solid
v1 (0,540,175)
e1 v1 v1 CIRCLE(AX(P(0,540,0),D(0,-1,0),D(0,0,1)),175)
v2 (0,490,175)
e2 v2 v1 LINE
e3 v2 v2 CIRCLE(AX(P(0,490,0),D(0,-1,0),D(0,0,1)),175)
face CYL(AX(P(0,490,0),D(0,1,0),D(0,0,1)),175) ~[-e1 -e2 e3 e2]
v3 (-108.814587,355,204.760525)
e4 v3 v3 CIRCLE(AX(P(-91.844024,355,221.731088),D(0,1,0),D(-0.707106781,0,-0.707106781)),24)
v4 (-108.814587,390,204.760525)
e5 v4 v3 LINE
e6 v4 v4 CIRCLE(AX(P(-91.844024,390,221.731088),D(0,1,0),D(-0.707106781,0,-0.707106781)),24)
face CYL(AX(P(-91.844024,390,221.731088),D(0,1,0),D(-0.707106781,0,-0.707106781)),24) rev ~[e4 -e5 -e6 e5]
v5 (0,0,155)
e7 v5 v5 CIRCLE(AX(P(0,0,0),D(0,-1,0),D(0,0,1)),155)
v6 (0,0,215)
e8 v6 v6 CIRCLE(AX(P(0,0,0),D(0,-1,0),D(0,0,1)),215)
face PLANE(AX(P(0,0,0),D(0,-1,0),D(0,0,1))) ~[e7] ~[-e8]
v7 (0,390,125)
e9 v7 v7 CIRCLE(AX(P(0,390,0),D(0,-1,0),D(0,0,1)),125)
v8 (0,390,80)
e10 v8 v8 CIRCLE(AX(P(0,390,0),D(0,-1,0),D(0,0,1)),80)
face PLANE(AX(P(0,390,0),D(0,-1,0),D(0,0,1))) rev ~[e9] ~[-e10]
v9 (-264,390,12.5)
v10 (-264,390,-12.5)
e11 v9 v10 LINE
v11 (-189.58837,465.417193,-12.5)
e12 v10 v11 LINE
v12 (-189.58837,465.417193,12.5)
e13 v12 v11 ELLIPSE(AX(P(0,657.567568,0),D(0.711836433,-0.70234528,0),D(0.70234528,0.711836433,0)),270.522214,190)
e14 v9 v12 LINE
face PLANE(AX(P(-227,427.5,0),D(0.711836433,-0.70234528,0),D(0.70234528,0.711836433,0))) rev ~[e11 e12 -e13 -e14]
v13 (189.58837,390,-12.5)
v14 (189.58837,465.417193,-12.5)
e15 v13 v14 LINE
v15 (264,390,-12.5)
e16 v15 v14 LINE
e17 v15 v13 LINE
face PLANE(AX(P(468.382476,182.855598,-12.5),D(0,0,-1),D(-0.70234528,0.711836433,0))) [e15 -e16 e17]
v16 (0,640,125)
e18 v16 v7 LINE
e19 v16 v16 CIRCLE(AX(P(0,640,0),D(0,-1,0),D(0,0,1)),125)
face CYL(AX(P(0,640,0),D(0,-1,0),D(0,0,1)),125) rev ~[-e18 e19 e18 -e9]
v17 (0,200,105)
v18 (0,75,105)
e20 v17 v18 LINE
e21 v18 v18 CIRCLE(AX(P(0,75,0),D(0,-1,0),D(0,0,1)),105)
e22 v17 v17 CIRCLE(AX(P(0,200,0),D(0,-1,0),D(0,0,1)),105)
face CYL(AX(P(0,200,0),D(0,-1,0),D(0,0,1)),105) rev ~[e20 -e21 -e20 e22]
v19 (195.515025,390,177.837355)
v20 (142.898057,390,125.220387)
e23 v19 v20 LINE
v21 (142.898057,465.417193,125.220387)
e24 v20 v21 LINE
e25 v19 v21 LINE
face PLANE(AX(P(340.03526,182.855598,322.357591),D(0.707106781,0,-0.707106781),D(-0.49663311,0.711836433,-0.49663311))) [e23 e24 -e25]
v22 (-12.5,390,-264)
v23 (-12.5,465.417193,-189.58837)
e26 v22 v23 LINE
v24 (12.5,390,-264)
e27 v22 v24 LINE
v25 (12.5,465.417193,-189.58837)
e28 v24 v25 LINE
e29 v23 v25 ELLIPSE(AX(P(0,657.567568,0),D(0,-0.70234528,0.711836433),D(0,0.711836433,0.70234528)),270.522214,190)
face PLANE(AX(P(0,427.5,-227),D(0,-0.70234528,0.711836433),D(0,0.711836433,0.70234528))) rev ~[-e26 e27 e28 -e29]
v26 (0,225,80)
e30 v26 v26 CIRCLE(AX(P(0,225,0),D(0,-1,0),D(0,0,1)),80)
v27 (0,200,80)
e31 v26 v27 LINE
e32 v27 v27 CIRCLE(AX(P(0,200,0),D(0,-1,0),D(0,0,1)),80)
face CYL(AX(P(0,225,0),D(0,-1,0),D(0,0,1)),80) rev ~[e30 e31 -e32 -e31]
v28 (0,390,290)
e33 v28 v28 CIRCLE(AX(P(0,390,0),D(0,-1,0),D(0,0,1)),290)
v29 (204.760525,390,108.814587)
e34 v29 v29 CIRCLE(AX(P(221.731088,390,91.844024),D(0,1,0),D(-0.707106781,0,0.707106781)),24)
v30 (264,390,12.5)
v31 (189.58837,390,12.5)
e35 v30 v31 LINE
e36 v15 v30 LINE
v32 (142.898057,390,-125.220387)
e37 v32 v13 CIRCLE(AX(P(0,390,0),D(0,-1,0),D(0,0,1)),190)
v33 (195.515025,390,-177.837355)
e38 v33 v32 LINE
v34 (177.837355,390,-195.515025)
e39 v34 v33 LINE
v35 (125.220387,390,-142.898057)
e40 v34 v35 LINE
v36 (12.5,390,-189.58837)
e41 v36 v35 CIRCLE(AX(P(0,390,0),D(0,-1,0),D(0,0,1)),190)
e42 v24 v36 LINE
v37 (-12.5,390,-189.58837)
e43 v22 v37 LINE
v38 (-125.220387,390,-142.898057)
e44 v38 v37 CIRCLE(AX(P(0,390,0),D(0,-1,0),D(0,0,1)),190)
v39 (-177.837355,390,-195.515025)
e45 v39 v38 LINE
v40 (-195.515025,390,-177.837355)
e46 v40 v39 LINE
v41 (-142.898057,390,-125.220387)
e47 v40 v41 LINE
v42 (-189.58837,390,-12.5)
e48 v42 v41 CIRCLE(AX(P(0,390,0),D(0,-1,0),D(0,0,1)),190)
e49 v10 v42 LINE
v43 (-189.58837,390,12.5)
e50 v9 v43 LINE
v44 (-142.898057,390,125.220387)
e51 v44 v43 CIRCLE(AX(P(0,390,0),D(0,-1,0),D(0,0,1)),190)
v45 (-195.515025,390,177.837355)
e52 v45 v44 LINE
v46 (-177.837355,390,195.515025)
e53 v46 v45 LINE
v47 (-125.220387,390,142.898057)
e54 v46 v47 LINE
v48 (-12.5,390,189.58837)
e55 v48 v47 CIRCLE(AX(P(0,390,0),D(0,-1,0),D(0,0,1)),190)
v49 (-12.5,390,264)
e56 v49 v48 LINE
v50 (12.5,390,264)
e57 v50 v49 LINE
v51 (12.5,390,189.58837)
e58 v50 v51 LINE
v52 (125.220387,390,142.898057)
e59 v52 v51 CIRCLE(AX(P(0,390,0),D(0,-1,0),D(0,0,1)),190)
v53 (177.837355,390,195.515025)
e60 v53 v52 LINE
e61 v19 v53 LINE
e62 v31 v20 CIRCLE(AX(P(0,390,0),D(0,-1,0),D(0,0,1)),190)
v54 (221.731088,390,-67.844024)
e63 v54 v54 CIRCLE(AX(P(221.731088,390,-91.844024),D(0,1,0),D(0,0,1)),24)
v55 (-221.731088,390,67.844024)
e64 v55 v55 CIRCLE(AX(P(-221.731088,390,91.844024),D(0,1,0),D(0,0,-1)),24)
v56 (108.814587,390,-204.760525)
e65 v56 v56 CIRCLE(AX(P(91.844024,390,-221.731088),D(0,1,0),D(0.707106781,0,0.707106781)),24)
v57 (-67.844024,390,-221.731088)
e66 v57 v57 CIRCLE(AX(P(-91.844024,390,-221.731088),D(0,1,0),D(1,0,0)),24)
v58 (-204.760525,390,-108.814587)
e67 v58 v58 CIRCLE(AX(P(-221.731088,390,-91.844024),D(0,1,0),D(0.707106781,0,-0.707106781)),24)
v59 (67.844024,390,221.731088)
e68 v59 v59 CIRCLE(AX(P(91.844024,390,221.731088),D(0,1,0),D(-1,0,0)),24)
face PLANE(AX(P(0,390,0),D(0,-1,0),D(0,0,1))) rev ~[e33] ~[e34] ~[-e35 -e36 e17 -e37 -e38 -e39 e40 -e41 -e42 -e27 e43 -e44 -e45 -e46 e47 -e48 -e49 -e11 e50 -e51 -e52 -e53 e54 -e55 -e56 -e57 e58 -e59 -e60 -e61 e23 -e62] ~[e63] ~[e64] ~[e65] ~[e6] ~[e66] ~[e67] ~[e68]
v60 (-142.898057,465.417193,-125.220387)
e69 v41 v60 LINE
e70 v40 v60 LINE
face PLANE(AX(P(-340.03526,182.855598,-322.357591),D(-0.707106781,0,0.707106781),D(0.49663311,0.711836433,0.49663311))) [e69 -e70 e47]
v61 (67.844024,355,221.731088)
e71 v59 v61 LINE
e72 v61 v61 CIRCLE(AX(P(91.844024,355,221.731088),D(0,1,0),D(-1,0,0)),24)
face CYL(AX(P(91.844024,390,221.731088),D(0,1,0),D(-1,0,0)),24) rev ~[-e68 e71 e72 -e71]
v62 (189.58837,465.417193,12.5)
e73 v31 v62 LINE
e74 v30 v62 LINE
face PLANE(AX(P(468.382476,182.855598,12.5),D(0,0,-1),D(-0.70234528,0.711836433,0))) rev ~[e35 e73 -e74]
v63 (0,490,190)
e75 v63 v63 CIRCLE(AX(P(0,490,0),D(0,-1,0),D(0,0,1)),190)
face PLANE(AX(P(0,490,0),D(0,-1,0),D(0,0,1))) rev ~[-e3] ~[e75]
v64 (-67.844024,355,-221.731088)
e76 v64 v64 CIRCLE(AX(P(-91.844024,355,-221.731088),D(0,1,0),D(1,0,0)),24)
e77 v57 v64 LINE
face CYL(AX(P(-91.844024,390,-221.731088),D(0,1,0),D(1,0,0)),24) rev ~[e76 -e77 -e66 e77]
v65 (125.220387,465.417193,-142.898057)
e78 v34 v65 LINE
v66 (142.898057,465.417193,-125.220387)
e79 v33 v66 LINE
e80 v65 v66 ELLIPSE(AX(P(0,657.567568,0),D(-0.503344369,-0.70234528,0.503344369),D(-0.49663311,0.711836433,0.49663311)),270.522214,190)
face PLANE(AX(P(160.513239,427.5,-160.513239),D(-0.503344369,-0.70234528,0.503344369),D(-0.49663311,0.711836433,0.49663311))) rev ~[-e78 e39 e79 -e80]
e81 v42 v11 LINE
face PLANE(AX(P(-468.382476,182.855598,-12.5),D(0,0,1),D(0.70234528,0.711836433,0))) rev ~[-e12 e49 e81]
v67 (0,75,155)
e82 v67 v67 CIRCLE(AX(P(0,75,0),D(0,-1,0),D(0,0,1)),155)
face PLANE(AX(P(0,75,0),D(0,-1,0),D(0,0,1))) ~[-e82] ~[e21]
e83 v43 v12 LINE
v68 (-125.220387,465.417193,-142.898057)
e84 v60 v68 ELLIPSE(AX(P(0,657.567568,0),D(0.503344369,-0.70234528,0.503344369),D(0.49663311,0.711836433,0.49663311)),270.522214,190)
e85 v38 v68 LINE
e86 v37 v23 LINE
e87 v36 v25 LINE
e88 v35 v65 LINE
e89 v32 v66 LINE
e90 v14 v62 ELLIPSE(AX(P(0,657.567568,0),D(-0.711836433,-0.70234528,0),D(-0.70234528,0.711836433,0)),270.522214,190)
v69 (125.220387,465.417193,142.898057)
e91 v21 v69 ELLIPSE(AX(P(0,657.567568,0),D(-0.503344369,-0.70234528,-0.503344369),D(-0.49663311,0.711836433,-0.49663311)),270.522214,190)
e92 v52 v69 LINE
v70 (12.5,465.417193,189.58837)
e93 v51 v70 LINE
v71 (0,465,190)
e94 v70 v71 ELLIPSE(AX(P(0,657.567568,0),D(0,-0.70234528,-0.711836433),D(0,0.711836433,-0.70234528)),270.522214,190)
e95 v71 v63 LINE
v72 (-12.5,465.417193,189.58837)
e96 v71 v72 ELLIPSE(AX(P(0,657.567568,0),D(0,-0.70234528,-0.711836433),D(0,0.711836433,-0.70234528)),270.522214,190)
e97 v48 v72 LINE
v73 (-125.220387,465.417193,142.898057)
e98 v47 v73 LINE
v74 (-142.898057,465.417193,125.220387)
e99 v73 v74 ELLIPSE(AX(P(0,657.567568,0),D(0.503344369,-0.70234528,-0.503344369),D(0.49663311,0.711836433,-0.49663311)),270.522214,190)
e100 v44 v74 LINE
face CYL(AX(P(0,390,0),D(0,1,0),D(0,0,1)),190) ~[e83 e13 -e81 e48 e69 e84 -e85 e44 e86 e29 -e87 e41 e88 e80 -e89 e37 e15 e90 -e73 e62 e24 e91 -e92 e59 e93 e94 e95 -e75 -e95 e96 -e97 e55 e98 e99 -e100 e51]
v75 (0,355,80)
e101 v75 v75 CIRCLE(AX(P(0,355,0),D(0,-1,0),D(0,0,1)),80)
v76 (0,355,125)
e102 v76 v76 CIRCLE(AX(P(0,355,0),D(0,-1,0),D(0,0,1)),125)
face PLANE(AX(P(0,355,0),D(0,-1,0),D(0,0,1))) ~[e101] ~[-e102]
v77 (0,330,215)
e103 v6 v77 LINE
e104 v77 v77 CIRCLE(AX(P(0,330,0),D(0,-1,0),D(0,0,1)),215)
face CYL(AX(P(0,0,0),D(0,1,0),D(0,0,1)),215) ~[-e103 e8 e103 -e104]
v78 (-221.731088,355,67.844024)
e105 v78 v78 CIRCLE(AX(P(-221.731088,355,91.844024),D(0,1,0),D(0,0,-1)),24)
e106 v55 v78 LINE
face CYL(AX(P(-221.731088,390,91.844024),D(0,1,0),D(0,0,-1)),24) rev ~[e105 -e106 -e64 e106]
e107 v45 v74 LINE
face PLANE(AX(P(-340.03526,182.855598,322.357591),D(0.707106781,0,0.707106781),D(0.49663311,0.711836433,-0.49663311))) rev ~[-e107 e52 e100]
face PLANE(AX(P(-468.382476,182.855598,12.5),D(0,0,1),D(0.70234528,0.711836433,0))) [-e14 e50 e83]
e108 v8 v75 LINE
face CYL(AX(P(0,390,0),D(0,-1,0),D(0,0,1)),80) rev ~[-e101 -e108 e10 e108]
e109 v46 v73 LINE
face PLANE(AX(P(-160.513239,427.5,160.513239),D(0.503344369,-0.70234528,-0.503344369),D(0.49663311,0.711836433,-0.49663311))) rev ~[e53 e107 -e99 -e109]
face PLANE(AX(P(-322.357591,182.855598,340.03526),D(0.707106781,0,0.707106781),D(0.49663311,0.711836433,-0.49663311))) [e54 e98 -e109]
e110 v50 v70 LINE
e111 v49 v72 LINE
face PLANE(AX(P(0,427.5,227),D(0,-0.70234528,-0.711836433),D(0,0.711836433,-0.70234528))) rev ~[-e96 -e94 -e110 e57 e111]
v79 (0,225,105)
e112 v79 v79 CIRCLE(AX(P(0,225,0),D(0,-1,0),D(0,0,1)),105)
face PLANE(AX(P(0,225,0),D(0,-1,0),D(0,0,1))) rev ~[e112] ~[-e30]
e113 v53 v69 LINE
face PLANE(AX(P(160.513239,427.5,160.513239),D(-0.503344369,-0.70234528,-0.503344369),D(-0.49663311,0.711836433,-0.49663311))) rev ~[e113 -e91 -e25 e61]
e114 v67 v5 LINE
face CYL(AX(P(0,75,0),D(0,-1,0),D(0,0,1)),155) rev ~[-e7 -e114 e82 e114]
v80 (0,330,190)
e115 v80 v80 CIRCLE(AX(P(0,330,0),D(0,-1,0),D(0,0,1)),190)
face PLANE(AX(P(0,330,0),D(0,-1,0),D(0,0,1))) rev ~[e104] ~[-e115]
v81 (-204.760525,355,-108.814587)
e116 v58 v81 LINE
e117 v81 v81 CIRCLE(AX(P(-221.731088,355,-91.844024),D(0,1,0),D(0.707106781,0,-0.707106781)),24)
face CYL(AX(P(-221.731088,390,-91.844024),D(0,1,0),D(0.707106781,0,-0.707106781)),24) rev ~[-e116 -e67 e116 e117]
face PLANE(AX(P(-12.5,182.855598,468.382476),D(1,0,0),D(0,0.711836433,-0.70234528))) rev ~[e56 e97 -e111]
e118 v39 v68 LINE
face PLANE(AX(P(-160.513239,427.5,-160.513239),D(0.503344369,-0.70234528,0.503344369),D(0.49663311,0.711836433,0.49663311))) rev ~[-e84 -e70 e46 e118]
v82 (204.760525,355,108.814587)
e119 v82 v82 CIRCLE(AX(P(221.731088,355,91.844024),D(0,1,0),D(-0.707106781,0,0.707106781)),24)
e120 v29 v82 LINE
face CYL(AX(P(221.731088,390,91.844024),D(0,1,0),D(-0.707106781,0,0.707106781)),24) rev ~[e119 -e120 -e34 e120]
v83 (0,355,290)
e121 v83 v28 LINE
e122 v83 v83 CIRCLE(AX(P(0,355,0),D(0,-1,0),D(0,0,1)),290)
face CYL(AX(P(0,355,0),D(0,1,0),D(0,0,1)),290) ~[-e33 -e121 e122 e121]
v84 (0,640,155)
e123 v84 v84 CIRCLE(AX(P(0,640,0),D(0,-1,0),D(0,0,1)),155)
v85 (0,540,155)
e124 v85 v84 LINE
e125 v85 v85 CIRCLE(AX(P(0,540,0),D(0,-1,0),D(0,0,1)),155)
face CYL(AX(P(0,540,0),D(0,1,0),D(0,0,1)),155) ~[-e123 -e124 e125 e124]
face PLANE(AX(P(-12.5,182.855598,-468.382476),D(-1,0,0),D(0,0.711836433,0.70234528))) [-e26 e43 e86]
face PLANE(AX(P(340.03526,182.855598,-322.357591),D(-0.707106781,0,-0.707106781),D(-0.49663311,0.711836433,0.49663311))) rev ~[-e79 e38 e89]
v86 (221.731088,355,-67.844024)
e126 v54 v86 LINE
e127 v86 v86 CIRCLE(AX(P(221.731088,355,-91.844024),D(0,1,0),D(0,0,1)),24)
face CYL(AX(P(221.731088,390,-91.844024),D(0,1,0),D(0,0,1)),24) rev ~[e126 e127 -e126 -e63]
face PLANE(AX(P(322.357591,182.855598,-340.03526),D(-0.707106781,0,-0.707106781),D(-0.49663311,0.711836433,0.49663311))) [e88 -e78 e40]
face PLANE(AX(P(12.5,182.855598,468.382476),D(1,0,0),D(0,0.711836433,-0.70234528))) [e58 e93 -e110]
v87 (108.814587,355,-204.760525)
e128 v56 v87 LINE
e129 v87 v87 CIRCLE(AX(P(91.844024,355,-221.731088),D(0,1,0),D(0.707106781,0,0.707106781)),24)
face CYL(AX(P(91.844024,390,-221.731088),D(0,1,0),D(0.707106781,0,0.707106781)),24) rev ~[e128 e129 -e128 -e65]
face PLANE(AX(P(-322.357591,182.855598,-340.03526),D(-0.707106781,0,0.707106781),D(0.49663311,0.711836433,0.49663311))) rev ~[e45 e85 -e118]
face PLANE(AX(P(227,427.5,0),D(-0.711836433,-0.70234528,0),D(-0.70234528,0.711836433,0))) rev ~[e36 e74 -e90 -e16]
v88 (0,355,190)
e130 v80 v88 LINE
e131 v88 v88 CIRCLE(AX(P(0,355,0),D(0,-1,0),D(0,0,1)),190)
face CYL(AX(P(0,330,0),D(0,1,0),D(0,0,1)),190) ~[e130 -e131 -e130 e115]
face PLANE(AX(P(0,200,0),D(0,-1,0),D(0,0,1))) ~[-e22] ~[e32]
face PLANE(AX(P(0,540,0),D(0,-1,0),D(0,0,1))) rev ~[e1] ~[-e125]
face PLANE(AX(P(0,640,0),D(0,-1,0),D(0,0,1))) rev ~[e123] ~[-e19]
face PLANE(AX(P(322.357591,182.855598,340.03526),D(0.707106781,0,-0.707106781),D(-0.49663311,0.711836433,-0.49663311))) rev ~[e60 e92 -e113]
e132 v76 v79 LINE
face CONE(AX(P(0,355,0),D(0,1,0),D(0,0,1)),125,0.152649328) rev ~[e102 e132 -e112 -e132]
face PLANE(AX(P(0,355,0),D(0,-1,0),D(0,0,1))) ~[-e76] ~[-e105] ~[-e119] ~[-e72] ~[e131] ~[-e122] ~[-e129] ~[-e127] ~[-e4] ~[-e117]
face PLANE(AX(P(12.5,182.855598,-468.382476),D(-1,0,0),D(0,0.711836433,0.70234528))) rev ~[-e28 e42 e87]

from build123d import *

# Parameters (mm, degrees)
RIB1_REACH         = 292
SKETCH2_WALL_W     = 687.361283212
SKETCH2_WALL_H     = 25
SKETCH3_R          = 24
CUT_EXTRUDE1_DEPTH = 35
CIRPATTERN1_COUNT  = 8
CIRPATTERN2_COUNT  = 8


with BuildPart() as part:
    # Sketch1 → Revolve1 (revolve)
    with BuildSketch(Plane.XY, mode=Mode.PRIVATE) as revolve1_sk:
        Polygon((125, 640), (125, 390), (80, 390), (80, 355), (125, 355), (105, 225), (80, 225), (80, 200), (105, 200), (105, 75), (155, 75), (155, 0), (215, 0), (215, 330), (190, 330), (190, 355), (290, 355), (290, 390), (190, 390), (190, 490), (175, 490), (175, 540), (155, 540), (155, 640), align=None)
    revolve(revolve1_sk.sketch.rotate(Axis((0, 580.752844837, 0), (0, -1, 0)), 90), axis=Axis((0, 580.752844837, 0), (0, -1, 0)))  # turned: the seam where the file's is

    # Sketch2 wall → Rib1 (add, up to next)
    with BuildSketch(Plane(origin=(227, 427.5, 0), x_dir=(-0.70234528, 0.711836433, 0), z_dir=(-0.711836433, -0.70234528, 0)), mode=Mode.PRIVATE) as rib1_sk1:
        Rectangle(SKETCH2_WALL_W, SKETCH2_WALL_H)
    rib1_tool1 = extrude(rib1_sk1.sketch, amount=RIB1_REACH, mode=Mode.PRIVATE) - part.part
    rib1 = rib1_tool1.solids().sort_by_distance((227, 427.5, 0))[0]
    add(rib1)

    # Sketch3 → Cut-Extrude1 (cut)
    with BuildSketch(Plane(origin=(0, 390, 0), x_dir=(1, 0, 0), z_dir=(0, 1, 0))):
        with Locations(Location((221.731087803, 91.844023768, 0), (0, 0, 270))):  # turned: the seam where the file's is
            Circle(SKETCH3_R)
    cut_extrude1 = extrude(amount=-CUT_EXTRUDE1_DEPTH, mode=Mode.SUBTRACT)

    # CirPattern1: Rib1 ×8 about axis
    cirpattern1_axis = Axis((0, 0, 0), (0, 1, 0))
    for i in range(1, CIRPATTERN1_COUNT):
        add(rib1.rotate(cirpattern1_axis, i * 360 / CIRPATTERN1_COUNT))

    # CirPattern2: Cut-Extrude1 ×8 about axis
    cirpattern2_axis = Axis((0, 0, 0), (0, 1, 0))
    for i in range(1, CIRPATTERN2_COUNT):
        add(cut_extrude1.rotate(cirpattern2_axis, i * 360 / CIRPATTERN2_COUNT), mode=Mode.SUBTRACT)


solid = part.part
